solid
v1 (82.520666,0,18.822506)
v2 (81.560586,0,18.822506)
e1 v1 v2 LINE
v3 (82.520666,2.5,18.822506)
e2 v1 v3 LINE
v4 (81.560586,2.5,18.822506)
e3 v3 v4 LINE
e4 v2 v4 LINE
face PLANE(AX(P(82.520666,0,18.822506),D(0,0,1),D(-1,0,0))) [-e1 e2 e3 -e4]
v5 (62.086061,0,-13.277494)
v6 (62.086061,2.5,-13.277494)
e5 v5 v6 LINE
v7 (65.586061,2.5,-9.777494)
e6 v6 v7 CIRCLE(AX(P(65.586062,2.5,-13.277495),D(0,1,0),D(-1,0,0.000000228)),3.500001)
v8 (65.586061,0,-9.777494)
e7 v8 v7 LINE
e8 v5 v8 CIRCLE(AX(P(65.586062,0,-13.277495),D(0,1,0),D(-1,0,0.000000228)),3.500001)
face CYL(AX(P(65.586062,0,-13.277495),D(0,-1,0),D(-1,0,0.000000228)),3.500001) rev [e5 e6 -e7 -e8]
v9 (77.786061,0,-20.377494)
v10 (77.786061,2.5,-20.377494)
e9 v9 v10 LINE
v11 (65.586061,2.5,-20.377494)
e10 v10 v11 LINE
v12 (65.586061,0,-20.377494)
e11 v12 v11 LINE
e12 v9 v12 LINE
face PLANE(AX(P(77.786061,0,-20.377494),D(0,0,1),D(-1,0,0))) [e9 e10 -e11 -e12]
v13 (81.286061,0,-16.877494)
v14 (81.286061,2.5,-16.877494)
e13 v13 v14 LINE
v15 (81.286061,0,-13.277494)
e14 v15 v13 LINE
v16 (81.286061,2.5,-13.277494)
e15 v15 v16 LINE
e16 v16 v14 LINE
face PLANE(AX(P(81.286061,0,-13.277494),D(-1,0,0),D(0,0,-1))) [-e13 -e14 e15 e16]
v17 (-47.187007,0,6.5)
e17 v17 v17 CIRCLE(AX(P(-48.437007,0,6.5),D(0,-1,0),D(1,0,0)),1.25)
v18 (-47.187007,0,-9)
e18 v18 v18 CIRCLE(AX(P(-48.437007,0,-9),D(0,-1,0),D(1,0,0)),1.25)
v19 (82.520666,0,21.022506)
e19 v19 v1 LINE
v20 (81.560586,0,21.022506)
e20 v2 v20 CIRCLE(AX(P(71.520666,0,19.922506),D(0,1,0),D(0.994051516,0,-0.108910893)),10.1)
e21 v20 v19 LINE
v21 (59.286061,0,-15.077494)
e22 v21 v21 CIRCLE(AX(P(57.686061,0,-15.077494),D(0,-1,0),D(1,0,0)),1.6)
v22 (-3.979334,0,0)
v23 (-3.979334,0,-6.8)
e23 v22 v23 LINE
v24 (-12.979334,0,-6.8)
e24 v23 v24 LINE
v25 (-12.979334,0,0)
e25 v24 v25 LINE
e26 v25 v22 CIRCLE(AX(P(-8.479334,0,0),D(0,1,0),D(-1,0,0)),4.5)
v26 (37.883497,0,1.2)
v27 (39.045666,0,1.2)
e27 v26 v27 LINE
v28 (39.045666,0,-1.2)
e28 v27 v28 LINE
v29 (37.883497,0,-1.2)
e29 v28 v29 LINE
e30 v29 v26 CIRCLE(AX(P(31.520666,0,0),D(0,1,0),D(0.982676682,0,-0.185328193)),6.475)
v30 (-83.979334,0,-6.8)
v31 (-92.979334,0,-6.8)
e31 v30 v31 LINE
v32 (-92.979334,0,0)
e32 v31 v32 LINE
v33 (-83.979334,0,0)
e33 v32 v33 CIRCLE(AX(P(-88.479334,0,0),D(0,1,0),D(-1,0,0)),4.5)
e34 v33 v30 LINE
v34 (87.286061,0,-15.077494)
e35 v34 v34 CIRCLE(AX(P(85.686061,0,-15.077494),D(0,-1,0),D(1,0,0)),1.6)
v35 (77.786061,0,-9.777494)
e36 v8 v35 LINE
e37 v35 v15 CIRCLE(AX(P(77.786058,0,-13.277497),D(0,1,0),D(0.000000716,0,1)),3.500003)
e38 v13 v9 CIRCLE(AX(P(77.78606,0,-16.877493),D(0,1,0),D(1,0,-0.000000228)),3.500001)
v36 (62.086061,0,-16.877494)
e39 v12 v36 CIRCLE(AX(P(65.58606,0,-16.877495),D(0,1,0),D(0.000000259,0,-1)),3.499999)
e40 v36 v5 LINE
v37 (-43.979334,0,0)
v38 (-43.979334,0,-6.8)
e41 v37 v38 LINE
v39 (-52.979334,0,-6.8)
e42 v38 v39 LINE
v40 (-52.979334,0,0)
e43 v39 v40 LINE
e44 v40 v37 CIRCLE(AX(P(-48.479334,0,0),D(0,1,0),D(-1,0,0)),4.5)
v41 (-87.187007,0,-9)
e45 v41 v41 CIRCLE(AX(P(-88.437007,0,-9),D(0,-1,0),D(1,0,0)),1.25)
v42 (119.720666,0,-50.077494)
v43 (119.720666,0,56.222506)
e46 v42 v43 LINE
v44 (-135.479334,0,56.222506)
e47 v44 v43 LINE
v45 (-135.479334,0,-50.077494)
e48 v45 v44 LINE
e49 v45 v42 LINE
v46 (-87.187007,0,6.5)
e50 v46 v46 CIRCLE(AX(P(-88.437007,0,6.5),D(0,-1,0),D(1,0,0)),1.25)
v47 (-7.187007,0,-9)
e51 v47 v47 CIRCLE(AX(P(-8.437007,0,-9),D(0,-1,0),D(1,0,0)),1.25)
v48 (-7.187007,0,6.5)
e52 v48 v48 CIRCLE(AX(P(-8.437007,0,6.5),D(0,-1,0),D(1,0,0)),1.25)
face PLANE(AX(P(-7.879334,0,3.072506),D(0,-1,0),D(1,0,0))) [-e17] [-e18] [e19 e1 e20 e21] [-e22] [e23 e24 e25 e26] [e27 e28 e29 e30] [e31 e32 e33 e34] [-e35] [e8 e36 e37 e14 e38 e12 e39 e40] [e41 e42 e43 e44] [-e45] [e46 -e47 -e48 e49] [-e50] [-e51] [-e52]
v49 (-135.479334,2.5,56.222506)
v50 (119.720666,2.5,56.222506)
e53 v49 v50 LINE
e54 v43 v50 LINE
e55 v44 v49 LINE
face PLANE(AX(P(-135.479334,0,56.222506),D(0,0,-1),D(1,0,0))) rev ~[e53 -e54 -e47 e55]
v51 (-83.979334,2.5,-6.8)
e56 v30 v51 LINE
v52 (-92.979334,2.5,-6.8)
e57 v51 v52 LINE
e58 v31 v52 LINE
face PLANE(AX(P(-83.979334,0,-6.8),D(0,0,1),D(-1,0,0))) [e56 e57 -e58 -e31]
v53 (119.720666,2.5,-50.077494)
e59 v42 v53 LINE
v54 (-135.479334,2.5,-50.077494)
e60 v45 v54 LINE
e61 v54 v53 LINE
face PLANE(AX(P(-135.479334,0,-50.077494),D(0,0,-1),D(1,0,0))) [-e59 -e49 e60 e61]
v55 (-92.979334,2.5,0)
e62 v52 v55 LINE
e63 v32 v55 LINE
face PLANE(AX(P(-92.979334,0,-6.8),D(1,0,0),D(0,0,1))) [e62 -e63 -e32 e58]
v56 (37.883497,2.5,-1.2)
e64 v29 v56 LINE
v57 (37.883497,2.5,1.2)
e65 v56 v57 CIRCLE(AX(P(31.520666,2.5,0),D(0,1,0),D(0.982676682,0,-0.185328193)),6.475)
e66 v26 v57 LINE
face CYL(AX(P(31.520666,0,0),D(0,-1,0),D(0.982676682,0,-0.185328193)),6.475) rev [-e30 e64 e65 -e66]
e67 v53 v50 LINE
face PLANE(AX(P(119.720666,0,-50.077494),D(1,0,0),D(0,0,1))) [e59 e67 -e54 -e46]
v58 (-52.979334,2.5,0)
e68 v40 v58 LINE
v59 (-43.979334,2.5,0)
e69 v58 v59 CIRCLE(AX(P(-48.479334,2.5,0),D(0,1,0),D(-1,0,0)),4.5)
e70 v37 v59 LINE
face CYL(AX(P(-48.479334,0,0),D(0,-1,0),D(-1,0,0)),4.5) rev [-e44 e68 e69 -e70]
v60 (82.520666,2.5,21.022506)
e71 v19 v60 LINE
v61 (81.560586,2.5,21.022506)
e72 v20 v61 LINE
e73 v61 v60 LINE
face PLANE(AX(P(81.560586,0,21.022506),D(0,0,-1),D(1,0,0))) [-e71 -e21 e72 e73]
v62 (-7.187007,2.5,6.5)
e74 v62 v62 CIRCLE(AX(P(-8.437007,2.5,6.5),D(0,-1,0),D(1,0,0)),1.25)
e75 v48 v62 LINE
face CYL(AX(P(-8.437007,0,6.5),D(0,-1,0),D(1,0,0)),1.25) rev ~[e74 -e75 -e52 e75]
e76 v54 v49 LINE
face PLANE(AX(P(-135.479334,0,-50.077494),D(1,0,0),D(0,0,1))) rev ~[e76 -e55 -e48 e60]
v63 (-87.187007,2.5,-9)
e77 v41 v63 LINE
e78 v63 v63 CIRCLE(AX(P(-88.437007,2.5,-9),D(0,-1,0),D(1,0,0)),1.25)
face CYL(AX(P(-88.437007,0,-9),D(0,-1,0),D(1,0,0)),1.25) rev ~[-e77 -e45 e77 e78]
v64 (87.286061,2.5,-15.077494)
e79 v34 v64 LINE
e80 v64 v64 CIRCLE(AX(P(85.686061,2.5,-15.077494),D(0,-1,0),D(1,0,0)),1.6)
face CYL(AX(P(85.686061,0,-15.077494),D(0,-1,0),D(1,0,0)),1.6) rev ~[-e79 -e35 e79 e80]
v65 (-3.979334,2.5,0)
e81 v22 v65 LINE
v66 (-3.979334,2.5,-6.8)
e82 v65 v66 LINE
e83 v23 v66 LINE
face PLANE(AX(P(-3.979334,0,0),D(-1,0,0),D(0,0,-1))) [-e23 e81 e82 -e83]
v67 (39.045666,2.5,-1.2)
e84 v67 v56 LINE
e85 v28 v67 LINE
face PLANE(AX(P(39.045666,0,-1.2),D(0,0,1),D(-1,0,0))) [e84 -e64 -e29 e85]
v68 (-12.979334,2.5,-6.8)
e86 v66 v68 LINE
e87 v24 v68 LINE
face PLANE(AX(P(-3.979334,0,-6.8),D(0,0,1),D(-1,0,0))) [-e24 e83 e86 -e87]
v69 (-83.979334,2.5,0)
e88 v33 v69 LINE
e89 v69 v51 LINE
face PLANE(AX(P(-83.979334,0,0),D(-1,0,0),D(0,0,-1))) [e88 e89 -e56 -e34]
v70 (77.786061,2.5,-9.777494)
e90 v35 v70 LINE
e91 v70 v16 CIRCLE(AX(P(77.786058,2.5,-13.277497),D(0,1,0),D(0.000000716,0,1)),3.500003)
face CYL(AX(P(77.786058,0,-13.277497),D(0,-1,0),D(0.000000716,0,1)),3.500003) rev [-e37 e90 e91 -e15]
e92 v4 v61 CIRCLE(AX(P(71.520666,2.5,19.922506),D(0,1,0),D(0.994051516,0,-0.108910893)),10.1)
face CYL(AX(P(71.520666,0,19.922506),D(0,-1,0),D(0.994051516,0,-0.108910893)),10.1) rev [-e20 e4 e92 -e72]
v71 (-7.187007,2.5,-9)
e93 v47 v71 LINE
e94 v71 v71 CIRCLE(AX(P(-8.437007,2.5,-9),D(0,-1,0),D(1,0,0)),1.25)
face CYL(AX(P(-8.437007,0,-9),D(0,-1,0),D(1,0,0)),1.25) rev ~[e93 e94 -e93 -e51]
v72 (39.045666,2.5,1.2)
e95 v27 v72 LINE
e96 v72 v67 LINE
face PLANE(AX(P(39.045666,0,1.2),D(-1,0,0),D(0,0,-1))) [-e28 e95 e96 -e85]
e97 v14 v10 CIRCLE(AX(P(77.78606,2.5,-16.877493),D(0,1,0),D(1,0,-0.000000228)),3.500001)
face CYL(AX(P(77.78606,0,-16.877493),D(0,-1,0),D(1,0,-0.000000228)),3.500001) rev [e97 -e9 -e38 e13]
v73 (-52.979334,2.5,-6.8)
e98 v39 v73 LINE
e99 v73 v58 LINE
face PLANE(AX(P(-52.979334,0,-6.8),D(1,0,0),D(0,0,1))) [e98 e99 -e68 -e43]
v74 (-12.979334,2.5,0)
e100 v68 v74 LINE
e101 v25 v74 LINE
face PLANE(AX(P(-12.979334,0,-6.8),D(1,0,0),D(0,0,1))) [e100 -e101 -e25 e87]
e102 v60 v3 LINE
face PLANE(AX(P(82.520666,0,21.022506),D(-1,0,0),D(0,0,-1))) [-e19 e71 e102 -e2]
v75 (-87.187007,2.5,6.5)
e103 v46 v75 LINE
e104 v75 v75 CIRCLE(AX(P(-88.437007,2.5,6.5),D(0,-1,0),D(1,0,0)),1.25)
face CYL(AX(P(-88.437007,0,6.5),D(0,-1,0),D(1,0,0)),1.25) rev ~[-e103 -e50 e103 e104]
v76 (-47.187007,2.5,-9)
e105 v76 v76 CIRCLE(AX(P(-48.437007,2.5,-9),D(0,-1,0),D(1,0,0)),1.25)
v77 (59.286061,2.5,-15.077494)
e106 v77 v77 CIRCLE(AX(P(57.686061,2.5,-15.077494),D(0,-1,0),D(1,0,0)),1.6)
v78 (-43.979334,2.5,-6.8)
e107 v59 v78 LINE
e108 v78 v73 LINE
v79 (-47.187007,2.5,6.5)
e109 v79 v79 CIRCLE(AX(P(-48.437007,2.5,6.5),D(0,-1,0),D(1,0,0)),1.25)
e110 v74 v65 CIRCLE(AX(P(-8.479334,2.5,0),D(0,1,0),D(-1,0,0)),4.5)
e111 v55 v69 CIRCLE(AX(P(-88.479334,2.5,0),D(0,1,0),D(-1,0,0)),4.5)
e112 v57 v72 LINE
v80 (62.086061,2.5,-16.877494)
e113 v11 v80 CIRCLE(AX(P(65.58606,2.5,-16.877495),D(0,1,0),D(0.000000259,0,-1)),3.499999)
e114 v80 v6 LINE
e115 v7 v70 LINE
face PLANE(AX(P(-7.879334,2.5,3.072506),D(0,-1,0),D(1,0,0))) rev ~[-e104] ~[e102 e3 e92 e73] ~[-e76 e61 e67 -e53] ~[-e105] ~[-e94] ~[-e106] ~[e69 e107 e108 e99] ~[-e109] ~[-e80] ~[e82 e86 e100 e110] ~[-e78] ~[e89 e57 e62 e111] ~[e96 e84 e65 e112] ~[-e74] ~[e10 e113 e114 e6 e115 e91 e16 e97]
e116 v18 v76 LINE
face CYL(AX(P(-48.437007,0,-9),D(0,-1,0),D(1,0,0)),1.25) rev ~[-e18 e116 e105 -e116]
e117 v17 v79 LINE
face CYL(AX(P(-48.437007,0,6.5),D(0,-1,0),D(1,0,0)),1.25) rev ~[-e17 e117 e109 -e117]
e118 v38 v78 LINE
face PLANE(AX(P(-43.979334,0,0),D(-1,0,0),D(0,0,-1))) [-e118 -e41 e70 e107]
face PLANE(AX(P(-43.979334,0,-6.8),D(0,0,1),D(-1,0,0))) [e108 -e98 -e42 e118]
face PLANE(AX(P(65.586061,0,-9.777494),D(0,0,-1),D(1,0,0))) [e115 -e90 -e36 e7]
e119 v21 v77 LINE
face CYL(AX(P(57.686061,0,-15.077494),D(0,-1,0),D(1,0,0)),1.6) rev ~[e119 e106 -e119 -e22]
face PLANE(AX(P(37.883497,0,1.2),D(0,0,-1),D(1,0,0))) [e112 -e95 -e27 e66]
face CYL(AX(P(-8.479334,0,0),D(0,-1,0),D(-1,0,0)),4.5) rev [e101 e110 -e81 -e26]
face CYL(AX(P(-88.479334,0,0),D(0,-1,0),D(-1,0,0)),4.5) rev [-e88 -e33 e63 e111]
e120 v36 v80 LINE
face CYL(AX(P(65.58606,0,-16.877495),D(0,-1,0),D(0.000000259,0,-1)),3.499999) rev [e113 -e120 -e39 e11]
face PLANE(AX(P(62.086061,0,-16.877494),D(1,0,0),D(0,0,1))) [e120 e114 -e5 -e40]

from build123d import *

# Parameters (mm, degrees)
F0_W     = 255.2
F0_H     = 106.3
F0_R     = 1.25
F0_R_2   = 1.6
F1_DEPTH = 2.5


with BuildPart() as f1:
    # F0 (on Front) → F1 (new body)
    with BuildSketch(Plane.XZ):
        with Locations((-7.879334, 3.072506)):
            Rectangle(F0_W, F0_H)
        with Locations((-88.437007, -9)):
            Circle(F0_R, mode=Mode.SUBTRACT)
        with BuildLine():
            ThreePointArc((-92.979334, 0), (-88.479334, 4.5), (-83.979334, 0))
            Line((-83.979334, 0), (-83.979334, -6.8))
            Line((-83.979334, -6.8), (-92.979334, -6.8))
            Line((-92.979334, -6.8), (-92.979334, 0))
        make_face(mode=Mode.SUBTRACT)
        with Locations((-48.437007, -9)):
            Circle(F0_R, mode=Mode.SUBTRACT)
        with BuildLine():
            Line((-52.979334, -6.8), (-52.979334, 0))
            ThreePointArc((-52.979334, 0), (-48.479334, 4.5), (-43.979334, 0))
            Line((-43.979334, 0), (-43.979334, -6.8))
            Line((-43.979334, -6.8), (-52.979334, -6.8))
        make_face(mode=Mode.SUBTRACT)
        with Locations((-8.437007, -9)):
            Circle(F0_R, mode=Mode.SUBTRACT)
        with BuildLine():
            Line((-12.979334, -6.8), (-12.979334, 0))
            ThreePointArc((-12.979334, 0), (-8.479334, 4.5), (-3.979334, 0))
            Line((-3.979334, 0), (-3.979334, -6.8))
            Line((-3.979334, -6.8), (-12.979334, -6.8))
        make_face(mode=Mode.SUBTRACT)
        with BuildLine():
            ThreePointArc((37.883497, -1.2), (25.045666, 0), (37.883497, 1.2))
            Line((37.883497, 1.2), (39.045666, 1.2))
            Line((39.045666, 1.2), (39.045666, -1.2))
            Line((39.045666, -1.2), (37.883497, -1.2))
        make_face(mode=Mode.SUBTRACT)
        with Locations((57.686061, -15.077494)):
            Circle(F0_R_2, mode=Mode.SUBTRACT)
        with BuildLine():
            ThreePointArc((81.286061, -16.877494), (80.260934, -19.352368), (77.786061, -20.377494))
            Line((77.786061, -20.377494), (65.586061, -20.377494))
            ThreePointArc((65.586061, -20.377494), (63.111187, -19.352368), (62.086061, -16.877494))
            Line((62.086061, -16.877494), (62.086061, -13.277494))
            ThreePointArc((62.086061, -13.277494), (63.111187, -10.802621), (65.586061, -9.777494))
            Line((65.586061, -9.777494), (77.786061, -9.777494))
            ThreePointArc((77.786061, -9.777494), (80.260934, -10.802621), (81.286061, -13.277494))
            Line((81.286061, -13.277494), (81.286061, -16.877494))
        make_face(mode=Mode.SUBTRACT)
        with Locations((85.686061, -15.077494)):
            Circle(F0_R_2, mode=Mode.SUBTRACT)
        with Locations((-88.437007, 6.5)):
            Circle(F0_R, mode=Mode.SUBTRACT)
        with Locations((-48.437007, 6.5)):
            Circle(F0_R, mode=Mode.SUBTRACT)
        with Locations((-8.437007, 6.5)):
            Circle(F0_R, mode=Mode.SUBTRACT)
        with BuildLine():
            ThreePointArc((81.560586, 18.822506), (61.420666, 19.922506), (81.560586, 21.022506))
            Line((81.560586, 21.022506), (82.520666, 21.022506))
            Line((82.520666, 21.022506), (82.520666, 18.822506))
            Line((82.520666, 18.822506), (81.560586, 18.822506))
        make_face(mode=Mode.SUBTRACT)
    extrude(amount=-F1_DEPTH)


solid = f1.part
